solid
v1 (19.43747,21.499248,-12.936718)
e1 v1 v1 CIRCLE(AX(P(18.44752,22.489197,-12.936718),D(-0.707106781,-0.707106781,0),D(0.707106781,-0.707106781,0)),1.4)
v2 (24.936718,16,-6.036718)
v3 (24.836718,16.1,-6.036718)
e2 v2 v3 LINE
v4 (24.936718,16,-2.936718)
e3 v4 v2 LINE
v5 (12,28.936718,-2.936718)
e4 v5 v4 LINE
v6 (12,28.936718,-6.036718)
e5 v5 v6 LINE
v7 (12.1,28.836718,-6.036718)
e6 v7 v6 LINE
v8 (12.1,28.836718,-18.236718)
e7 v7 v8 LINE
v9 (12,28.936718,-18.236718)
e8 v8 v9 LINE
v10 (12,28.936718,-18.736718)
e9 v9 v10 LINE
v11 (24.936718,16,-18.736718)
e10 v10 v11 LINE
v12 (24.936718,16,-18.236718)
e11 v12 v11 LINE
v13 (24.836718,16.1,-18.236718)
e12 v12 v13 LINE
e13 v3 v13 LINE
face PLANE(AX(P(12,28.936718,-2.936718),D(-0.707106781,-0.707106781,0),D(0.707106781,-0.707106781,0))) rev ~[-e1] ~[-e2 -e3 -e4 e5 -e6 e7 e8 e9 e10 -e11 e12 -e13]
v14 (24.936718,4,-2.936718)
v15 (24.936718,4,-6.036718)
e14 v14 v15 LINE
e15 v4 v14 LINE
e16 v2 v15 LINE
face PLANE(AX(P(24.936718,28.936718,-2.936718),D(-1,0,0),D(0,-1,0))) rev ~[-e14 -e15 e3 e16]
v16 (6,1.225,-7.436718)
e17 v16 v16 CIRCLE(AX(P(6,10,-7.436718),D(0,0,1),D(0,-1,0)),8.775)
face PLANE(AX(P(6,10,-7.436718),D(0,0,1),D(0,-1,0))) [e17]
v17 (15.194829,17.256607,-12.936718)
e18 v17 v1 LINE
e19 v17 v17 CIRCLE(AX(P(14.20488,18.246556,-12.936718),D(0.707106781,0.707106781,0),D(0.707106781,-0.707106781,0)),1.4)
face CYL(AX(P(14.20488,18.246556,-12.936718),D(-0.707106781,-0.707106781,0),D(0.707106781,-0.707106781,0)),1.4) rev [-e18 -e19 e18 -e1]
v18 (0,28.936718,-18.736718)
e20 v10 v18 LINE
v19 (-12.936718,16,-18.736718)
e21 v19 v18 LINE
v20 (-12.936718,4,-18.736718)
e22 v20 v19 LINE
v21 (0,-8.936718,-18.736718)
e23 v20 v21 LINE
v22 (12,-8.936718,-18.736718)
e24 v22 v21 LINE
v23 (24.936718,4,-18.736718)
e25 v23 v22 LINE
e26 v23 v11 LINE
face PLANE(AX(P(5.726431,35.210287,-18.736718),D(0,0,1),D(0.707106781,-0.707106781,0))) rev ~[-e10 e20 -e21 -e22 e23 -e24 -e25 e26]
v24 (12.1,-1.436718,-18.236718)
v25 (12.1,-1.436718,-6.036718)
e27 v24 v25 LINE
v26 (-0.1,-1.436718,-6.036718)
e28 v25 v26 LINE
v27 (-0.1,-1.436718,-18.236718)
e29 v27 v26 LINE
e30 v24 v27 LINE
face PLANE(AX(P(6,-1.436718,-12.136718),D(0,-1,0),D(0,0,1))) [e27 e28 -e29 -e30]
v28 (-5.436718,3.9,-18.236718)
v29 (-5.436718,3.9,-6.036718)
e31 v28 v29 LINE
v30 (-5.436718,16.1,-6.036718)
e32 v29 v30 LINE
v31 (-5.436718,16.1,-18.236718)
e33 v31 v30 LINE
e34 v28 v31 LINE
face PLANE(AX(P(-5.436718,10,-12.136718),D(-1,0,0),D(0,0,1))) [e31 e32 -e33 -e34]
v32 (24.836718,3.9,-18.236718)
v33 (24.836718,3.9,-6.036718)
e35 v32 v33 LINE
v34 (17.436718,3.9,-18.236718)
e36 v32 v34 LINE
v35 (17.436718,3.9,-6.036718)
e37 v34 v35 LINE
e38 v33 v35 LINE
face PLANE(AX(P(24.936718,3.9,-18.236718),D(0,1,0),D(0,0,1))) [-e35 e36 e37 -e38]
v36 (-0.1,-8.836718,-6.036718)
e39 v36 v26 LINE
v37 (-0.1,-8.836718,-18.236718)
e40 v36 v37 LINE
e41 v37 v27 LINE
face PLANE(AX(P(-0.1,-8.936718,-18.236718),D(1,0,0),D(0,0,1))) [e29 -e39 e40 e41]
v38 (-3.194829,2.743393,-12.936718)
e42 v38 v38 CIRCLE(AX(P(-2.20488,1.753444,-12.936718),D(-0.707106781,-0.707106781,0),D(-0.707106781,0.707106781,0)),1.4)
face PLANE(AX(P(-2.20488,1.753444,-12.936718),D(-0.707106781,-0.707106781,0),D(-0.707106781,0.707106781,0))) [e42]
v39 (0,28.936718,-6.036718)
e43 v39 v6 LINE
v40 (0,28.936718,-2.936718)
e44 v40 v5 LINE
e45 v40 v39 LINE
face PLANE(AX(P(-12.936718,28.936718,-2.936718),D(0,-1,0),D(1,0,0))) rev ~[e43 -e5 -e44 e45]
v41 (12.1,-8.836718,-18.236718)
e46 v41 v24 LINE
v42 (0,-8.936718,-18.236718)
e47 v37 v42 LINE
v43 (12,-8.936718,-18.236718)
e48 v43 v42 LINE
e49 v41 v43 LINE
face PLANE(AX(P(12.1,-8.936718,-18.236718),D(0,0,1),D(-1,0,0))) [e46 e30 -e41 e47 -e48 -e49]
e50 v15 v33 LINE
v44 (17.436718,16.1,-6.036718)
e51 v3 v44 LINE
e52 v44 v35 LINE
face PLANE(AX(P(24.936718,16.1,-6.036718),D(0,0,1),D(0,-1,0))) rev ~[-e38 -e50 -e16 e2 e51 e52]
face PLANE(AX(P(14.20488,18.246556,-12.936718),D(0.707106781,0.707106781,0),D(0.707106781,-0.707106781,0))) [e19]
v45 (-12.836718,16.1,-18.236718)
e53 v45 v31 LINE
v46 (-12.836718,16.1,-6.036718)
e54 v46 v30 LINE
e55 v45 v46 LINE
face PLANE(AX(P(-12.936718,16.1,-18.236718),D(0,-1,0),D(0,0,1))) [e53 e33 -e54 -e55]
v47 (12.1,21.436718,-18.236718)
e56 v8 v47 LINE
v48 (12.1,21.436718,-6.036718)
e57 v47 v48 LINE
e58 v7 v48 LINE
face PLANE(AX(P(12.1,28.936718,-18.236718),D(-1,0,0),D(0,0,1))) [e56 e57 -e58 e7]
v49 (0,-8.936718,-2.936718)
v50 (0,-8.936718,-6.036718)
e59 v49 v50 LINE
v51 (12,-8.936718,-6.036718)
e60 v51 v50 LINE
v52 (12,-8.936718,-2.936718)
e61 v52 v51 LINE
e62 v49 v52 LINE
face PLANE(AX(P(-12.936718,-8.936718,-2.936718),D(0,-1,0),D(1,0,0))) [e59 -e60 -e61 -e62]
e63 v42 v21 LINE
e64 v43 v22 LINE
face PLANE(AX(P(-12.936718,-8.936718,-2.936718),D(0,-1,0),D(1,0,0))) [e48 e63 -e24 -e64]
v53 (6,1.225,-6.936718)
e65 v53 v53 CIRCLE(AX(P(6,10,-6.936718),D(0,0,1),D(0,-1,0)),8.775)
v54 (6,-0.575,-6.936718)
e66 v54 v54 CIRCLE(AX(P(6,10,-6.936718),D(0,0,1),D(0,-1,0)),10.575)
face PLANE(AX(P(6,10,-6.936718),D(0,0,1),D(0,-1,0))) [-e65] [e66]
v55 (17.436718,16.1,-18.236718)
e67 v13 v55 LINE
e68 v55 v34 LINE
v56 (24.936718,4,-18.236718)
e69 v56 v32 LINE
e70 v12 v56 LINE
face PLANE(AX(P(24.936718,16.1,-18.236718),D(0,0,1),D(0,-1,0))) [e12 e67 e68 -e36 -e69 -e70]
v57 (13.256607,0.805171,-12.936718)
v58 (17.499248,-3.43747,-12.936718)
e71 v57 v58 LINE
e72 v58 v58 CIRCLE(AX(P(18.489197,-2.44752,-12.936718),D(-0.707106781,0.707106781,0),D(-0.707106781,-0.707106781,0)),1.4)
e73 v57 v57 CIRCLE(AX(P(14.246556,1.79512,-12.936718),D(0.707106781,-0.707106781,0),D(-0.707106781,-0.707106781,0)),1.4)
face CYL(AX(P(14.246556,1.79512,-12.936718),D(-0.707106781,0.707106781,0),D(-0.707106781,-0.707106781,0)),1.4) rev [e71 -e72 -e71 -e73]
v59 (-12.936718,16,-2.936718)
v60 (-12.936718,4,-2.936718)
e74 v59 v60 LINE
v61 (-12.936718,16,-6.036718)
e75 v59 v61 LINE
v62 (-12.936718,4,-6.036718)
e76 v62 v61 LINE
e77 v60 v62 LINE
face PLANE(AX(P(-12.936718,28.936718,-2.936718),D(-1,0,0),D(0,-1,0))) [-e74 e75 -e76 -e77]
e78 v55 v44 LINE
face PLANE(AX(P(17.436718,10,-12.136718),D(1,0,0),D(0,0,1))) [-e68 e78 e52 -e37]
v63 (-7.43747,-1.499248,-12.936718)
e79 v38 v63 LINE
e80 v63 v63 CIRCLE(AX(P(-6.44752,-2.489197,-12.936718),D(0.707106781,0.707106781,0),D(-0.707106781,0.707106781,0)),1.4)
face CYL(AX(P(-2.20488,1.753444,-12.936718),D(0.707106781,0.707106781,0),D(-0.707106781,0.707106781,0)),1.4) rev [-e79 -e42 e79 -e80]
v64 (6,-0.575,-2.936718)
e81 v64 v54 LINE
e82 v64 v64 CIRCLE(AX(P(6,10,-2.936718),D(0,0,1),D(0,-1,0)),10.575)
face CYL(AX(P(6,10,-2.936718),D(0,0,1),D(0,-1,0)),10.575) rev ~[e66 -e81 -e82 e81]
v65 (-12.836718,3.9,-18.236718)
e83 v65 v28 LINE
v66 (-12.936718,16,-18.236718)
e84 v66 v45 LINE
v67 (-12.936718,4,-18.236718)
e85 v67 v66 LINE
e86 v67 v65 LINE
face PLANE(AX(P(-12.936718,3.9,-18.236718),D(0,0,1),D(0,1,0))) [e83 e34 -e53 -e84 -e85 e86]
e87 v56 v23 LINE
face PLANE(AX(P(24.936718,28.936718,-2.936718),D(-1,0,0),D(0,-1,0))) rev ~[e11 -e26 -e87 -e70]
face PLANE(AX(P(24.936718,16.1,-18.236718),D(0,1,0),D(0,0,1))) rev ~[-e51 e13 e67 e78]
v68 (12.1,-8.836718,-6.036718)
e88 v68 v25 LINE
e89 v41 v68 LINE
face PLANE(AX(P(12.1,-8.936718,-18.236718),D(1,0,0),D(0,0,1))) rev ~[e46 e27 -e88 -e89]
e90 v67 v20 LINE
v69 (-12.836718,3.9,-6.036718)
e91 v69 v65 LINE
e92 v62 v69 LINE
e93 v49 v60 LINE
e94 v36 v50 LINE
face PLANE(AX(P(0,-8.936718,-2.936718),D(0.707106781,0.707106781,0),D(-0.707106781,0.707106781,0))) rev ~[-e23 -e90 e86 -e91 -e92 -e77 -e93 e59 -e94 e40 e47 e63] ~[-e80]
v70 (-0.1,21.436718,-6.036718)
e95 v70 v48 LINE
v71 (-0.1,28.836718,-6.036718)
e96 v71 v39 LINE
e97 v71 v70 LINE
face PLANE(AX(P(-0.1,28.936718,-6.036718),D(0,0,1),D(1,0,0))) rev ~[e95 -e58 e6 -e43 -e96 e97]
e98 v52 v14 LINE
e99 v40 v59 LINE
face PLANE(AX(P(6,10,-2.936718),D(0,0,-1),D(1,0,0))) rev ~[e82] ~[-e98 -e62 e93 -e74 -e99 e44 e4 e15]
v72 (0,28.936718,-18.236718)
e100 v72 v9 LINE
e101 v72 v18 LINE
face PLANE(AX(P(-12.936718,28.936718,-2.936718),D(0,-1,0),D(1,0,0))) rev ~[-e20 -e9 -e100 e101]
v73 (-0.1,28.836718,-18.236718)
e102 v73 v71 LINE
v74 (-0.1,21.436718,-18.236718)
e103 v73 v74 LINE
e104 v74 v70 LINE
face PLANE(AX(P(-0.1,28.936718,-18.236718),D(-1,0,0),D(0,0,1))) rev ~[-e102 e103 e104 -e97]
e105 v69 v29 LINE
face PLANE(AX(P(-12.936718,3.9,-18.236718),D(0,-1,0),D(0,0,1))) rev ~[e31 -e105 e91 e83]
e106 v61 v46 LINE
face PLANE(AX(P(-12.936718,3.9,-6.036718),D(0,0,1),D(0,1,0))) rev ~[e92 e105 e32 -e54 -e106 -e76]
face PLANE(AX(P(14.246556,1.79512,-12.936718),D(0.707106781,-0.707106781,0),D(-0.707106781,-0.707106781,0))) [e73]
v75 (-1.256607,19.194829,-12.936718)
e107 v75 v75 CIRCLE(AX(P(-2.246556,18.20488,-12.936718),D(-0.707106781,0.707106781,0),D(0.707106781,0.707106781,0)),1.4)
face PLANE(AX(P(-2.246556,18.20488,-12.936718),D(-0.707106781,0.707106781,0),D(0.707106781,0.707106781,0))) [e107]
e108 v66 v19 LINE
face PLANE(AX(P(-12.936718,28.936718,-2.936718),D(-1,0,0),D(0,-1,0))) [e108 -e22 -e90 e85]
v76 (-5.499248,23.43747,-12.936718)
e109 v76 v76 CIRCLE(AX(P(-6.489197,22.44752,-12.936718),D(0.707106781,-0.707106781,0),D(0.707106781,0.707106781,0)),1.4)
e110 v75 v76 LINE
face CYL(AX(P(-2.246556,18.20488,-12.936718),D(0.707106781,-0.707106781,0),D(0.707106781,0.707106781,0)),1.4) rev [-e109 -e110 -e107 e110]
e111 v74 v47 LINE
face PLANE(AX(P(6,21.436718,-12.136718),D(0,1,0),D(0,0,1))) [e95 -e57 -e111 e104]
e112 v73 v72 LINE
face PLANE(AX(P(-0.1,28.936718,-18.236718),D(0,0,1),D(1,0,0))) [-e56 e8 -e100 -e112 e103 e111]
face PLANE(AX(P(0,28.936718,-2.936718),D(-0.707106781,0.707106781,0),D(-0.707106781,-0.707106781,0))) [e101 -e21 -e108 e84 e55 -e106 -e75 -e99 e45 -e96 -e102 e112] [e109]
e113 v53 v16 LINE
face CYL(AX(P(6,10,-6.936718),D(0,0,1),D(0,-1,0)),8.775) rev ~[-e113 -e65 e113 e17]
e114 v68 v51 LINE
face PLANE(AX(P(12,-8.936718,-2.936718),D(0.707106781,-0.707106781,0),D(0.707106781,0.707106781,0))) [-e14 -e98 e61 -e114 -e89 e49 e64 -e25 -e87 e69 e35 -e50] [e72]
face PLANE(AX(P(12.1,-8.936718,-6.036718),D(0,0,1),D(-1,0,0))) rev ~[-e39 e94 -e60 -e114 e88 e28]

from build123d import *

# Parameters (mm, degrees)
SKIZZE1_W                          = 37.873435046
SKIZZE1_H                          = 37.873435047
AUFSATZ_LINEAR_AUSTRAGEN1_DEPTH    = 20
SKIZZE2_R                          = 10.575
SCHNITT_LINEAR_AUSTRAGEN1_DEPTH    = 4
SKIZZE3_W                          = 12
SKIZZE3_H                          = 12
SCHNITT_LINEAR_AUSTRAGEN3_DEPTH    = 7.5
VERRUNDUNG1_R                      = 8
KREISMUSTER1_COUNT                 = 4
SKIZZE4_R                          = 8.775
SCHNITT_LINEAR_AUSTRAGEN4_DEPTH    = 0.5
K_RPER_VERSCHIEBEN_KOPIEREN1_ANGLE = 90
SCHNITT_LINEAR_AUSTRAGEN5_DEPTH    = 44.118134258
SCHNITT_LINEAR_START               = -6
SKIZZE6_R                          = 1.4
SCHNITT_LINEAR_AUSTRAGEN6_DEPTH    = 16
KREISMUSTER2_COUNT                 = 4
SKIZZE7_W                          = 35.652729611
SKIZZE7_H                          = 9.373531579
SCHNITT_LINEAR_AUSTRAGEN8_DEPTH    = 51.066462265
SKIZZE8_W                          = 12.2
SKIZZE8_H                          = 12.2
SCHNITT_LINEAR_AUSTRAGEN9_DEPTH    = 7.5
KREISMUSTER11_COUNT                = 4


with BuildPart() as part:
    # Skizze1 → Aufsatz-Linear austragen1 (new body)
    with BuildSketch(Plane(origin=(0, 0, 0), x_dir=(1, 0, 0), z_dir=(0, 1, 0))):
        with Locations((6, 12.936717524)):
            Rectangle(SKIZZE1_W, SKIZZE1_H)
    extrude(amount=AUFSATZ_LINEAR_AUSTRAGEN1_DEPTH)

    # Skizze2 → Schnitt-Linear austragen1 (cut)
    with BuildSketch(Plane.XZ):
        with Locations(Location((6, -12.936717523, 0), (0, 0, 270))):
            Circle(SKIZZE2_R)
    extrude(amount=-SCHNITT_LINEAR_AUSTRAGEN1_DEPTH, mode=Mode.SUBTRACT)

    # Skizze3 → Schnitt-Linear austragen3 (cut)
    with BuildSketch(Plane.XY.offset(6)):
        with Locations((6, 9.2)):
            Rectangle(SKIZZE3_W, SKIZZE3_H)
    schnitt_linear_austragen3 = extrude(amount=-SCHNITT_LINEAR_AUSTRAGEN3_DEPTH, mode=Mode.SUBTRACT)

    # Verrundung1
    verrundung1_edges = [part.edges().sort_by_distance(p)[0] for p in [
        (24.936717523, 10, -31.873435047),
        (24.936717523, 10, 6),
        (-12.936717523, 10, 6),
        (-12.936717523, 10, -31.873435047),
    ]]
    fillet(verrundung1_edges, radius=VERRUNDUNG1_R)

    # Kreismuster1: Schnitt-Linear austragen3 ×4 about axis
    kreismuster1_axis = Axis((6, 0, -12.936717523), (0, 1, 0))
    for i in range(1, KREISMUSTER1_COUNT):
        add(schnitt_linear_austragen3.rotate(kreismuster1_axis, i * 360 / KREISMUSTER1_COUNT), mode=Mode.SUBTRACT)

    # Skizze4 → Schnitt-Linear austragen4 (cut)
    with BuildSketch(Plane.XZ.offset(-4)):
        with Locations(Location((6, -12.936717523, 0), (0, 0, 270))):
            Circle(SKIZZE4_R)
    extrude(amount=-SCHNITT_LINEAR_AUSTRAGEN4_DEPTH, mode=Mode.SUBTRACT)


with BuildPart() as part_1:
    # Körper-Verschieben/Kopieren1: moved
    add(part.part.rotate(Axis((0, 10, -12.936717523), (-1, 0, 0)), K_RPER_VERSCHIEBEN_KOPIEREN1_ANGLE))

    # Skizze5 → Schnitt-Linear austragen5 (cut, through all)
    with BuildSketch(Plane.XY.offset(-2.936717523)):
        Polygon((0, 28.936717523), (-12.936717523, 16), (-12.936717523, 28.936717523), align=None)
        Polygon((24.936717523, 16), (24.936717523, 28.936717523), (12, 28.936717523), align=None)
        Polygon((12, -8.936717523), (24.936717523, 4), (24.936717523, -8.936717523), align=None)
        Polygon((-12.936717523, -8.936717523), (0, -8.936717523), (-12.936717523, 4), align=None)
    extrude(amount=-SCHNITT_LINEAR_AUSTRAGEN5_DEPTH, mode=Mode.SUBTRACT)

    # Skizze6 → Schnitt-Linear austragen6 (cut)
    with BuildSketch(Plane(origin=(-14.468358762, 14.468358762, 0), x_dir=(0.7071067811865559, 0.7071067811865392, 0), z_dir=(-0.7071067811865392, 0.7071067811865559, 0)).offset(SCHNITT_LINEAR_START)):
        with Locations((11.284238529, 12.936717523)):
            Circle(SKIZZE6_R)
    schnitt_linear_austragen6 = extrude(amount=SCHNITT_LINEAR_AUSTRAGEN6_DEPTH, mode=Mode.SUBTRACT)

    # Kreismuster2: Schnitt-Linear austragen6 ×4 about axis
    kreismuster2_axis = Axis((6, 10, 0), (0, 0, 1))
    for i in range(1, KREISMUSTER2_COUNT):
        add(schnitt_linear_austragen6.rotate(kreismuster2_axis, i * 360 / KREISMUSTER2_COUNT), mode=Mode.SUBTRACT)

    # Skizze7 → Schnitt-Linear austragen8 (cut, through all)
    with BuildSketch(Plane(origin=(20.468358762, 20.468358762, 0), x_dir=(0.7071067811865558, -0.7071067811865392, 0), z_dir=(0.7071067811865392, 0.7071067811865558, 0))):
        with Locations((-3.021869868, 23.423483313)):
            Rectangle(SKIZZE7_W, SKIZZE7_H)
    extrude(amount=-SCHNITT_LINEAR_AUSTRAGEN8_DEPTH, mode=Mode.SUBTRACT)

    # Skizze8 → Schnitt-Linear austragen9 (cut)
    with BuildSketch(Plane.ZY.offset(12.936717523)):
        with Locations((-12.136717523, 10)):
            Rectangle(SKIZZE8_W, SKIZZE8_H)
    schnitt_linear_austragen9 = extrude(amount=-SCHNITT_LINEAR_AUSTRAGEN9_DEPTH, mode=Mode.SUBTRACT)

    # Kreismuster11: Schnitt-Linear austragen9 ×4 about axis
    kreismuster11_axis = Axis((6, 10, 0), (0, 0, 1))
    for i in range(1, KREISMUSTER11_COUNT):
        add(schnitt_linear_austragen9.rotate(kreismuster11_axis, i * 360 / KREISMUSTER11_COUNT), mode=Mode.SUBTRACT)


solid = part_1.part
